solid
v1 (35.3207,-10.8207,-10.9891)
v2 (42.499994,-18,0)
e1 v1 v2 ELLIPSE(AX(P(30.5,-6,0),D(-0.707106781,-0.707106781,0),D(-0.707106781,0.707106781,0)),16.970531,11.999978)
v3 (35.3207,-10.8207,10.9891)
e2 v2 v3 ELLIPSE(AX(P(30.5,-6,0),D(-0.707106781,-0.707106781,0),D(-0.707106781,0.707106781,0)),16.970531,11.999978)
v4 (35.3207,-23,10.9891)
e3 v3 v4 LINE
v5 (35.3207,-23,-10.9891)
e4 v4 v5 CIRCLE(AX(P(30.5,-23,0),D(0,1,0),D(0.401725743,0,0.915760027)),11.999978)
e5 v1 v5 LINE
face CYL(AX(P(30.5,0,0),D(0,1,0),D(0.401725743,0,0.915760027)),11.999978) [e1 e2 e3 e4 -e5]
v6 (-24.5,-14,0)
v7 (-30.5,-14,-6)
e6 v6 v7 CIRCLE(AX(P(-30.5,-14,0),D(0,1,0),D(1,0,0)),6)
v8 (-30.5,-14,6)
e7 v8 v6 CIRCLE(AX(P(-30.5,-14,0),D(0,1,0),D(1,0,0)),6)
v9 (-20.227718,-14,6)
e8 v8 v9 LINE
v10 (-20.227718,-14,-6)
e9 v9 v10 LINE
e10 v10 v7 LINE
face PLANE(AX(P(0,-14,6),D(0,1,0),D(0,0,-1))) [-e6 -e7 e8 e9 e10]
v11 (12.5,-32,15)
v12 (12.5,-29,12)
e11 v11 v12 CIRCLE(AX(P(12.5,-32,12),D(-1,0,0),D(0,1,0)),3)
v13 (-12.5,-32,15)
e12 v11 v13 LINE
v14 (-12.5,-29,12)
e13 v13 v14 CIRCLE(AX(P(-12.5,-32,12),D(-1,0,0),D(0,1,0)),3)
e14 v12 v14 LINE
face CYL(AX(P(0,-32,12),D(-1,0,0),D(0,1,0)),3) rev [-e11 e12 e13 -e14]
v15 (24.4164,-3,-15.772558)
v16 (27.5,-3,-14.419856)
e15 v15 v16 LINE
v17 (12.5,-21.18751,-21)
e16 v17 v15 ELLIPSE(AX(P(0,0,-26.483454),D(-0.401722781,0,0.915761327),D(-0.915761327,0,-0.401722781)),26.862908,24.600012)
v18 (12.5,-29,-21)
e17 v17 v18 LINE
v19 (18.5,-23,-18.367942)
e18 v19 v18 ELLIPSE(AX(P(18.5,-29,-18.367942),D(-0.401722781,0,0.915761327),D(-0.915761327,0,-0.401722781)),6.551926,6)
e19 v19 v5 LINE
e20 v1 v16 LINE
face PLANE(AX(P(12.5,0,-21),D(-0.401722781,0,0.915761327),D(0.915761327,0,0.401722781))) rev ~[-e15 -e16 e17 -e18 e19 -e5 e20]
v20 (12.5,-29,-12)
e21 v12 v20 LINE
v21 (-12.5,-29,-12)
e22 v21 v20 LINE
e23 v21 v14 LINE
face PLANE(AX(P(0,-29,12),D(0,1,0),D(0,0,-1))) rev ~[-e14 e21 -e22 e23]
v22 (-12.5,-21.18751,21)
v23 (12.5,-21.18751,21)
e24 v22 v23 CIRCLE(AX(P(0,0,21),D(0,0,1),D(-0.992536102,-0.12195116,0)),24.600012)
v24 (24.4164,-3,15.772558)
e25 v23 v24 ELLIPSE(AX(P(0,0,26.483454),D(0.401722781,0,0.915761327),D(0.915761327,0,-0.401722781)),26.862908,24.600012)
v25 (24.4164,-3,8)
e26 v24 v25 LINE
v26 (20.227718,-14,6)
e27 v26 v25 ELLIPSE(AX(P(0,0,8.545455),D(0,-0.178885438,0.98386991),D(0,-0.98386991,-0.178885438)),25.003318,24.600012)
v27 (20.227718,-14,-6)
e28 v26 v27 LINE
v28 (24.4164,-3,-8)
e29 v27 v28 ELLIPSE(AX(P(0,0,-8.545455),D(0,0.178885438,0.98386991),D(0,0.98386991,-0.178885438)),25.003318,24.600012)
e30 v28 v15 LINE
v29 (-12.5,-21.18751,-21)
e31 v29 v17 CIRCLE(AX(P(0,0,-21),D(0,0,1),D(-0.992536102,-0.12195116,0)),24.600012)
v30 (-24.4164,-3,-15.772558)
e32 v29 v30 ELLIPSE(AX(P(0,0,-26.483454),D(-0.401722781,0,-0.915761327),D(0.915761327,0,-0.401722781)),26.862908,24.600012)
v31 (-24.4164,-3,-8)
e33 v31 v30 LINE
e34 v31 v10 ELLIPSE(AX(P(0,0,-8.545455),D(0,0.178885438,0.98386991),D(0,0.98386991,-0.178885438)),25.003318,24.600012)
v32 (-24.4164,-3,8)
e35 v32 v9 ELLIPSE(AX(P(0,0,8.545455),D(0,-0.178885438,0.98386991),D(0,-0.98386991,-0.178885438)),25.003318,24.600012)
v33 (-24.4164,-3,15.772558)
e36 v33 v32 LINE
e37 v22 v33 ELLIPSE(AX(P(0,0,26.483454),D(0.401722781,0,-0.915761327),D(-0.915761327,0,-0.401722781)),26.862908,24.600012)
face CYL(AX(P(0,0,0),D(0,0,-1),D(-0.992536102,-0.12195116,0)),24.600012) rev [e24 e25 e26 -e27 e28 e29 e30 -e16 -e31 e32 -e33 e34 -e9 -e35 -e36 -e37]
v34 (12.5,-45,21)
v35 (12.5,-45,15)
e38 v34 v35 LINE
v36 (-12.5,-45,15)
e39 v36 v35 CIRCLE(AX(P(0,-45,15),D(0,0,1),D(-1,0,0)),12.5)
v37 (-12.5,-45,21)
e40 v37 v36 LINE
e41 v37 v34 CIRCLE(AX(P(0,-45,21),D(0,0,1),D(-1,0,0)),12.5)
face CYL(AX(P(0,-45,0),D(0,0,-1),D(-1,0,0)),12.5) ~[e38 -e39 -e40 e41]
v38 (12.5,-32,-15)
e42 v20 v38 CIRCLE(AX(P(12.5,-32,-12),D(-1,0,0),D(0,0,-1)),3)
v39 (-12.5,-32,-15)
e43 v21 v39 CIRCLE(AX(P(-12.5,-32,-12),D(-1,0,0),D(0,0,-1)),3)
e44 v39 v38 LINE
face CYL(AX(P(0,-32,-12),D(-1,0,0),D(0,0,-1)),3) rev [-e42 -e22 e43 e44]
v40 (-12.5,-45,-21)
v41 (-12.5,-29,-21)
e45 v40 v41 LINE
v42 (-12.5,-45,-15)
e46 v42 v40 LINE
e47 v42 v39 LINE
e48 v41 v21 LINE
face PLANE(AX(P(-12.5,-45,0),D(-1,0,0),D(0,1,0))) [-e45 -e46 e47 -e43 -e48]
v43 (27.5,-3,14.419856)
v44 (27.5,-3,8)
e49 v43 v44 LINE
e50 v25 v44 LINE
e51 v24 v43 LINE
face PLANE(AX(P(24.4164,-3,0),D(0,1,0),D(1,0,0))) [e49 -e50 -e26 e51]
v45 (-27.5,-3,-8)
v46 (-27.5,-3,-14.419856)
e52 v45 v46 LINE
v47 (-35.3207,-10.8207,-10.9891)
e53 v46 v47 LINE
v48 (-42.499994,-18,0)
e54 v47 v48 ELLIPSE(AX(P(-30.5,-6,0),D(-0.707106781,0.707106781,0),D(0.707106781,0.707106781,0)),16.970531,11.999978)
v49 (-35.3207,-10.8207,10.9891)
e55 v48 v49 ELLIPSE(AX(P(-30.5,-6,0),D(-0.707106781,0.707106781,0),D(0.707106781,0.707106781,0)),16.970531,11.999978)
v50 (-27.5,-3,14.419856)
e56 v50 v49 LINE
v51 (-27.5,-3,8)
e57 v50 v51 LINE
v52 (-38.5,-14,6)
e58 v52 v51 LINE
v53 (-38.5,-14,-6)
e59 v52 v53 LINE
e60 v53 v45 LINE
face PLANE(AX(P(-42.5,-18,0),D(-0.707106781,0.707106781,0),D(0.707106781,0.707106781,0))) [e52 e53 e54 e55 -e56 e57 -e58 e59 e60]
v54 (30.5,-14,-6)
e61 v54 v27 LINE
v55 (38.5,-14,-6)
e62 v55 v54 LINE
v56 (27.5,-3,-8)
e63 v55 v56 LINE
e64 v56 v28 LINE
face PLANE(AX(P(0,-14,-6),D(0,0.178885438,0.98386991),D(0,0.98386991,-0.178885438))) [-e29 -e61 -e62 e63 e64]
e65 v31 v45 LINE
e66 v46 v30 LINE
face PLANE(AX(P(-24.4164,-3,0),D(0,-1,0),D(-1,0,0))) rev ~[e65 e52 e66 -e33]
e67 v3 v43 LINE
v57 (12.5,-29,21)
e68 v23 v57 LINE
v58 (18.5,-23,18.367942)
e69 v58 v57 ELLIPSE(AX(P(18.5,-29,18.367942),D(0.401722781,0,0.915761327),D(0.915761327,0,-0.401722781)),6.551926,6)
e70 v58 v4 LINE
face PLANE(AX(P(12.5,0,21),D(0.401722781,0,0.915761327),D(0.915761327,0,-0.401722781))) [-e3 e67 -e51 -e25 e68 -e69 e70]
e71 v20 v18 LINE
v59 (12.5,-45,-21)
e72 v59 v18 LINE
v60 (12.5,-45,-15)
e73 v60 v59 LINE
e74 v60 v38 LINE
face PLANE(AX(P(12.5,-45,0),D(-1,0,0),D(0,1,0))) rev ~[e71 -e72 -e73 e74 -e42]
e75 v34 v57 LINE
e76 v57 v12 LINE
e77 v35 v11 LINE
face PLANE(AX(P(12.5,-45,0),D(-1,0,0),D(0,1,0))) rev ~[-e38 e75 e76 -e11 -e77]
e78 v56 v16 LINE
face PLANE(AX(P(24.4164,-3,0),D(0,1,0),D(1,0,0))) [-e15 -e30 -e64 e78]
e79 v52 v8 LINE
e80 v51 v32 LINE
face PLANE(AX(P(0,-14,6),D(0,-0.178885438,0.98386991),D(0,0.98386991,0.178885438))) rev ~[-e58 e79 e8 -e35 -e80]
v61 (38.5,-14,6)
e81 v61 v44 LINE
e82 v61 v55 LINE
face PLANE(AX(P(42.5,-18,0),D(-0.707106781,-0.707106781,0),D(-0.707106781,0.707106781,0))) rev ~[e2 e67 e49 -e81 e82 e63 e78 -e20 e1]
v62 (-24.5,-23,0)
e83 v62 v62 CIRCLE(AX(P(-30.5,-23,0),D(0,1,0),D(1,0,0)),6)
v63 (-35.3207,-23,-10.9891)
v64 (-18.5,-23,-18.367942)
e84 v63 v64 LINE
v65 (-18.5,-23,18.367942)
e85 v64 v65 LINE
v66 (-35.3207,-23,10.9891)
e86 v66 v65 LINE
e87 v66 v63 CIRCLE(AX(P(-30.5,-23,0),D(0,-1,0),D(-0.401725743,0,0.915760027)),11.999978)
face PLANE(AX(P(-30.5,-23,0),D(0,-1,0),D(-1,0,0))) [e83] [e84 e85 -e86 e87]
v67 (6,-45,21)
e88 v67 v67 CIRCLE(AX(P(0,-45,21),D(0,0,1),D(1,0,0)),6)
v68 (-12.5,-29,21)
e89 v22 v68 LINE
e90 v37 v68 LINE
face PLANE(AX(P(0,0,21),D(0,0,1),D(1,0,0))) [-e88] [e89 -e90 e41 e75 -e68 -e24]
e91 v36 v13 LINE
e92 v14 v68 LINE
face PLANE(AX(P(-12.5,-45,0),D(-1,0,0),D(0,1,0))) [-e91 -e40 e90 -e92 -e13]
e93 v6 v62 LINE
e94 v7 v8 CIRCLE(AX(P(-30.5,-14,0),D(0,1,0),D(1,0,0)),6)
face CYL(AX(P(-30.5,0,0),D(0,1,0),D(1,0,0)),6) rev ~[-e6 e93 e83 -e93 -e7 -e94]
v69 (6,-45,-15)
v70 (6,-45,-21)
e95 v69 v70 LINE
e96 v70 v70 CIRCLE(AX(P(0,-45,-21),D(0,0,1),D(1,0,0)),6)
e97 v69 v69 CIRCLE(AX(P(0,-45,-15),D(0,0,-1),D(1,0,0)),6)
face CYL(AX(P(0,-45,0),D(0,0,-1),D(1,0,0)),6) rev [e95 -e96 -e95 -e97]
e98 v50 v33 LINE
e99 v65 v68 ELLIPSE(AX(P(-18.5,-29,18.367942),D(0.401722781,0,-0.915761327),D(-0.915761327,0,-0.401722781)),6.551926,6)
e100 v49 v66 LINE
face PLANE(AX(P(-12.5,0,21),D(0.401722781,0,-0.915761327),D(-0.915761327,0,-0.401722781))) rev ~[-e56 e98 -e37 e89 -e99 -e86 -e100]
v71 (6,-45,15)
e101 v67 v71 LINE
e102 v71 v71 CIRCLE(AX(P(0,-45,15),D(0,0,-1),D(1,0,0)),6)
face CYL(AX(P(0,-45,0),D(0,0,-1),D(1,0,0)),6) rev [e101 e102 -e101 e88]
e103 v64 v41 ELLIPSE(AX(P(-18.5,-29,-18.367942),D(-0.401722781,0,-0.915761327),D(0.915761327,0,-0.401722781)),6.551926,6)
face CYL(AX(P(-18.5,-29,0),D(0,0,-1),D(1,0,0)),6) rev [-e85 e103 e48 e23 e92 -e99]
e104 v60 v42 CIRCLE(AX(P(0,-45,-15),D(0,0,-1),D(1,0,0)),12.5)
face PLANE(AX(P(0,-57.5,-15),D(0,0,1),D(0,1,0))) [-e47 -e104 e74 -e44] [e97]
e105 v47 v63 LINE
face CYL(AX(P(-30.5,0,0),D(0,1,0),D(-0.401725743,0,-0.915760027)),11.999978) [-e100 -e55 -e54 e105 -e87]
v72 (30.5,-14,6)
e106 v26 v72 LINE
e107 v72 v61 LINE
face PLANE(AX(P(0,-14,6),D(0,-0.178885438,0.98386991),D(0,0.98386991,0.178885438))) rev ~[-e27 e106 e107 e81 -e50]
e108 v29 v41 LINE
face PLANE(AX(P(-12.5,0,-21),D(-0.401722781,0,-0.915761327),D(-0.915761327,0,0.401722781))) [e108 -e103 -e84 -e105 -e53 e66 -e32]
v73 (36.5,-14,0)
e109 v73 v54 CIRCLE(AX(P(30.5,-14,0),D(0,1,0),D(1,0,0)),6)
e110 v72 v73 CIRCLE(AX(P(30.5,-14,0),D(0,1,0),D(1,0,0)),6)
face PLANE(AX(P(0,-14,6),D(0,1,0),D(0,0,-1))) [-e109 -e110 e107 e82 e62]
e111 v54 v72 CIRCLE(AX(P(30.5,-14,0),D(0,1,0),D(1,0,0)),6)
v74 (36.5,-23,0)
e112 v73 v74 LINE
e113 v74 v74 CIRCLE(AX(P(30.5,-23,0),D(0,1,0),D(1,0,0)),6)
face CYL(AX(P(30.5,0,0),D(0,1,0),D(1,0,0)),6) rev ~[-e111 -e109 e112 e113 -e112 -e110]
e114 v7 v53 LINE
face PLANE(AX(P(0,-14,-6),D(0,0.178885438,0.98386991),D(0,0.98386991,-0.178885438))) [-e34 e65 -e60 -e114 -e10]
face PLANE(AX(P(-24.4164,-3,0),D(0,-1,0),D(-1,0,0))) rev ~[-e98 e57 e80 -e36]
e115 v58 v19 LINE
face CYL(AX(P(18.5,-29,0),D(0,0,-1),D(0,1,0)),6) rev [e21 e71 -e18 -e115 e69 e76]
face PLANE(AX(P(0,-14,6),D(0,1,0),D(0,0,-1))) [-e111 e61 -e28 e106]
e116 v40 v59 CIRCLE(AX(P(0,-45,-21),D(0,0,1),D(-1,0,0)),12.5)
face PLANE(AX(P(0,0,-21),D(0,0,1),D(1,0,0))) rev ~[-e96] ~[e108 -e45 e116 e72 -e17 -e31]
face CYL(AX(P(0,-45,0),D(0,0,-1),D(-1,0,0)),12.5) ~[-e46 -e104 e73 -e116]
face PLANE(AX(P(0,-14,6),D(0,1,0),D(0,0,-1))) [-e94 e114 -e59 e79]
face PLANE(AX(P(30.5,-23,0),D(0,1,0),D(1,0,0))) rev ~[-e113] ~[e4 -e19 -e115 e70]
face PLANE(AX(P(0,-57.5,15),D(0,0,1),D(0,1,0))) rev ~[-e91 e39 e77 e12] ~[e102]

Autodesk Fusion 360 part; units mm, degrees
sketch "Sketch1" plane through (0, 0, 0) normal (0, 0, 1) x (1, 0, 0)
  line L0 (0, 0) -> (100, 0) construction
  line L1 (0, 0) -> (-100, 0) construction
  line L2 (0, -3) -> (100, -3) construction
  line L3 (0, -3) -> (-100, -3) construction
  circle A0 centre (0, 0) radius 24.6 construction
  circle A1 centre (0, 0) radius 28.5 construction
  line L4 (0, -23) -> (100, -23) construction
  line L5 (0, -23) -> (-100, -23) construction
  line L6 (0, 0) -> (0, -150) construction
  line L7 (0, 0) -> (0, 150) construction
  line L8 (-30.5, 0) -> (-30.5, -150) construction
  line L9 (-30.5, 0) -> (-30.5, 150) construction
  line L10 (30.5, 0) -> (30.5, 150) construction
  line L11 (30.5, 0) -> (30.5, -150) construction
  line L12 (-30.5, -23) -> (-42.5, -23)
  line L13 (-42.5, -23) -> (-42.5, -18)
  line L14 (-42.5, -18) -> (-12.5, -18) construction
  line L15 (-42.5, -18) -> (-27.5, -3)
  line L16 (-24.5998, -0.0998) -> (-24.5, 0)
  line L17 (-24.4164, -3) -> (-27.5, -3)
  line L18 (24.4164, -3) -> (27.5, -3)
  line L19 (42.5, -18) -> (27.5, -3)
  line L20 (30.5, -23) -> (42.5, -23)
  line L21 (42.5, -23) -> (42.5, -18)
  arc A2 (-24.4164, -3) -> (24.4164, -3) centre (0, 0) ccw
  line L22 (0, -45) -> (-100, -45) construction
  line L23 (0, -45) -> (100, -45) construction
  circle A3 centre (0, -45) radius 6
  circle A4 centre (0, -45) radius 12.5 construction
  line L24 (-12.5, -45) -> (-12.5, -29)
  line L25 (-30.5, -23) -> (-18.5, -23)
  line L26 (12.5, -45) -> (12.5, -29)
  line L27 (30.5, -23) -> (18.5, -23)
  arc A5 (-12.5, -45) -> (12.5, -45) centre (0, -45) ccw
  arc A6 (-12.5, -29) -> (-18.5, -23) centre (-18.5, -29) ccw
  arc A7 (18.5, -23) -> (12.5, -29) centre (18.5, -29) ccw
  dimension "d4" = 3
  dimension "d5" = 49.2
  dimension "d6" = 57
  dimension "d7" = 23
  dimension "d10" = 30.5
  dimension "d11" = 30.5
  dimension "d12" = 12
  dimension "d13" = 5
  dimension "d14" = 45
  dimension "d16" = 24.6
  dimension "d17" = 45
  dimension "d18" = 12
  dimension "d19" = 25
  dimension "d20" = 6
  dimension "d21" = 6
extrude "Extrude1" add sketch "Sketch1" along normal mid plane 42
sketch "Sketch2" plane through (0, 0, 0) normal (0, 1, 0) x (1, 0, 0)
  line L0 (-24.4164, 21) -> (24.4164, 21) construction
  line L1 (-27.5, 21) -> (-24.4164, 21) construction
  line L2 (-42.5, 21) -> (-27.5, 21) construction
  line L3 (24.4164, 21) -> (27.5, 21) construction
  line L4 (27.5, 21) -> (42.5, 21) construction
  line L5 (6, -21) -> (-6, -21) construction
  line L6 (18.5, -21) -> (42.5, -21) construction
  line L7 (42.5, -21) -> (27.5, -21) construction
  line L8 (27.5, -21) -> (24.4164, -21) construction
  line L9 (24.4164, -21) -> (-24.4164, -21) construction
  line L10 (-24.4164, -21) -> (-27.5, -21) construction
  line L11 (-27.5, -21) -> (-42.5, -21) construction
  line L12 (-42.5, -21) -> (-18.5, -21) construction
  line L13 (-12.5, -21) -> (-18.5, -21) construction
  line L14 (-12.5, -21) -> (12.5, -21) construction
  line L15 (18.5, -21) -> (12.5, -21) construction
  line L16 (42.5, 21) -> (42.5, -21) construction
  line L17 (42.5, -21) -> (42.5, 21) construction
  line L18 (-42.5, 21) -> (-42.5, -21) construction
  line L19 (-42.5, -21) -> (-42.5, 21) construction
  circle A0 centre (-30.5, 0) radius 12 construction
  circle A1 centre (30.5, 0) radius 12 construction
  line L20 (0, 21) -> (0, -21) construction
  line L21 (-12.5, 21) -> (-12.5, -21) construction
  line L22 (12.5, 21) -> (12.5, -21) construction
  line L23 (-12.5, 21) -> (12.5, 21)
  line L24 (-12.5, -21) -> (12.5, -21)
  line L25 (12.5, -21) -> (35.3207, -10.9891)
  line L26 (12.5, 21) -> (35.3207, 10.9891)
  line L27 (-12.5, 21) -> (-35.3207, 10.9891)
  line L28 (-12.5, -21) -> (-35.3207, -10.9891)
  arc A2 (35.3207, -10.9891) -> (35.3207, 10.9891) centre (30.5, 0) ccw
  arc A3 (-35.3207, 10.9891) -> (-35.3207, -10.9891) centre (-30.5, 0) ccw
  line L29 (12.5, 21) -> (42.5, 21)
  line L30 (12.5, -21) -> (42.5, -21)
  line L31 (42.5, -21) -> (42.5, 21)
  line L32 (-42.5, 21) -> (-12.5, 21)
  line L33 (-42.5, -21) -> (-12.5, -21)
  line L34 (-42.5, -21) -> (-42.5, 21)
  circle A4 centre (30.5, 0) radius 6
  circle A5 centre (-30.5, 0) radius 6
  dimension "d24" = 24
  dimension "d25" = 24
  dimension "d26" = 12.5
  dimension "d27" = 12.5
  dimension "d28" = 12
  dimension "d29" = 12
extrude "Extrude2" cut sketch "Sketch2" against normal through all contours L27 A3 L32 L34 | L26 A2 L29 L31 | L28 A3 L33 L34 | L25 A2 L30 L31 | A4 | A5
sketch "Sketch3" plane through (0, 0, 0) normal (1, 0, 0) x (0, 0, -1)
  line L0 (-21, -51) -> (-21, -39) construction
  line L1 (-21, -29) -> (-21, -21.1875) construction
  line L2 (-21, -24.6) -> (-21, -21.1875) construction
  line L3 (-21, -21.1875) -> (-21, -29) construction
  line L4 (-21, -29) -> (-21, -45) construction
  line L5 (-21, -45) -> (-21, -57.5) construction
  line L6 (-21, -45) -> (-21, -29) construction
  line L7 (21, -21.1875) -> (21, -29) construction
  line L8 (21, -29) -> (21, -45) construction
  line L9 (21, -57.5) -> (21, -45) construction
  line L10 (21, -45) -> (21, -29) construction
  line L11 (21, -29) -> (21, -21.1875) construction
  line L12 (21, -21.1875) -> (21, -24.6) construction
  line L13 (21, -39) -> (21, -51) construction
  line L14 (21, -45) -> (-21, -45) construction
  line L15 (-21, -45) -> (-21, -57.5) construction
  line L16 (-21, -45) -> (21, -45) construction
  line L17 (21, -57.5) -> (21, -45) construction
  line L18 (21, -45) -> (-21, -45) construction
  line L19 (-21, -45) -> (-21, -29) construction
  line L20 (-21, -29) -> (21, -29) construction
  line L21 (21, -29) -> (21, -45) construction
  line L22 (-5.1962, -3) -> (-14.4199, -3) construction
  line L23 (14.4199, -3) -> (5.1962, -3) construction
  line L24 (-5.1962, -3) -> (5.1962, -3) construction
  arc A0 (-5.1962, -3) -> (5.1962, -3) centre (0, -6) ccw construction
  line L25 (-5.1962, -3) -> (5.1962, -3) construction
  line L26 (6, -23) -> (-6, -23) construction
  line L27 (0, 0) -> (0, -75) construction
  line L28 (-6, 0) -> (-6, -75) construction
  line L29 (-8, 0) -> (-8, -75) construction
  line L30 (6, 0) -> (6, -75) construction
  line L31 (8, 0) -> (8, -75) construction
  line L32 (21, -57.5) -> (-21, -57.5) construction
  line L33 (21, -57.5) -> (15, -57.5)
  line L34 (-21, -57.5) -> (-15, -57.5)
  line L35 (0, 0) -> (40, 0) construction
  line L36 (0, 0) -> (-40, 0) construction
  line L37 (0, -28.5) -> (-40, -28.5) construction
  line L38 (15, -57.5) -> (15, -32)
  line L39 (-15, -57.5) -> (-15, -32)
  line L40 (-12, -29) -> (12, -29)
  line L41 (15, -57.5) -> (-15, -57.5)
  arc A1 (15, -32) -> (12, -29) centre (12, -32) ccw
  arc A2 (-12, -29) -> (-15, -32) centre (-12, -32) ccw
  line L42 (0, -3) -> (-8, -3)
  line L43 (0, -3) -> (8, -3)
  line L44 (14.4199, -14) -> (5.1962, -14) construction
  line L45 (-5.1962, -14) -> (5.1962, -14) construction
  line L46 (-5.1962, -14) -> (-14.4199, -14) construction
  line L47 (6, -14) -> (8, -3)
  line L48 (-6, -14) -> (-8, -3)
  line L49 (-6, -14) -> (6, -14)
  point P0 (-15.7726, -3)
  point P1 (15.7726, -3)
  point P2 (21, -21.1875)
  point P3 (-21, -21.1875)
  dimension "d32" = 6
  dimension "d33" = 8
  dimension "d34" = 6
  dimension "d35" = 8
  dimension "d36" = 6
  dimension "d37" = 6
  dimension "d41" = 3
  dimension "d42" = 3
  dimension "d43" = 8
  dimension "d44" = 11
extrude "Extrude3" cut sketch "Sketch3" along normal through all and the other way through all
equation "d5 = ( 24.6 * 2 ) * 1 mm"
equation "d6 = ( 28.5 * 2 ) * 1 mm"
